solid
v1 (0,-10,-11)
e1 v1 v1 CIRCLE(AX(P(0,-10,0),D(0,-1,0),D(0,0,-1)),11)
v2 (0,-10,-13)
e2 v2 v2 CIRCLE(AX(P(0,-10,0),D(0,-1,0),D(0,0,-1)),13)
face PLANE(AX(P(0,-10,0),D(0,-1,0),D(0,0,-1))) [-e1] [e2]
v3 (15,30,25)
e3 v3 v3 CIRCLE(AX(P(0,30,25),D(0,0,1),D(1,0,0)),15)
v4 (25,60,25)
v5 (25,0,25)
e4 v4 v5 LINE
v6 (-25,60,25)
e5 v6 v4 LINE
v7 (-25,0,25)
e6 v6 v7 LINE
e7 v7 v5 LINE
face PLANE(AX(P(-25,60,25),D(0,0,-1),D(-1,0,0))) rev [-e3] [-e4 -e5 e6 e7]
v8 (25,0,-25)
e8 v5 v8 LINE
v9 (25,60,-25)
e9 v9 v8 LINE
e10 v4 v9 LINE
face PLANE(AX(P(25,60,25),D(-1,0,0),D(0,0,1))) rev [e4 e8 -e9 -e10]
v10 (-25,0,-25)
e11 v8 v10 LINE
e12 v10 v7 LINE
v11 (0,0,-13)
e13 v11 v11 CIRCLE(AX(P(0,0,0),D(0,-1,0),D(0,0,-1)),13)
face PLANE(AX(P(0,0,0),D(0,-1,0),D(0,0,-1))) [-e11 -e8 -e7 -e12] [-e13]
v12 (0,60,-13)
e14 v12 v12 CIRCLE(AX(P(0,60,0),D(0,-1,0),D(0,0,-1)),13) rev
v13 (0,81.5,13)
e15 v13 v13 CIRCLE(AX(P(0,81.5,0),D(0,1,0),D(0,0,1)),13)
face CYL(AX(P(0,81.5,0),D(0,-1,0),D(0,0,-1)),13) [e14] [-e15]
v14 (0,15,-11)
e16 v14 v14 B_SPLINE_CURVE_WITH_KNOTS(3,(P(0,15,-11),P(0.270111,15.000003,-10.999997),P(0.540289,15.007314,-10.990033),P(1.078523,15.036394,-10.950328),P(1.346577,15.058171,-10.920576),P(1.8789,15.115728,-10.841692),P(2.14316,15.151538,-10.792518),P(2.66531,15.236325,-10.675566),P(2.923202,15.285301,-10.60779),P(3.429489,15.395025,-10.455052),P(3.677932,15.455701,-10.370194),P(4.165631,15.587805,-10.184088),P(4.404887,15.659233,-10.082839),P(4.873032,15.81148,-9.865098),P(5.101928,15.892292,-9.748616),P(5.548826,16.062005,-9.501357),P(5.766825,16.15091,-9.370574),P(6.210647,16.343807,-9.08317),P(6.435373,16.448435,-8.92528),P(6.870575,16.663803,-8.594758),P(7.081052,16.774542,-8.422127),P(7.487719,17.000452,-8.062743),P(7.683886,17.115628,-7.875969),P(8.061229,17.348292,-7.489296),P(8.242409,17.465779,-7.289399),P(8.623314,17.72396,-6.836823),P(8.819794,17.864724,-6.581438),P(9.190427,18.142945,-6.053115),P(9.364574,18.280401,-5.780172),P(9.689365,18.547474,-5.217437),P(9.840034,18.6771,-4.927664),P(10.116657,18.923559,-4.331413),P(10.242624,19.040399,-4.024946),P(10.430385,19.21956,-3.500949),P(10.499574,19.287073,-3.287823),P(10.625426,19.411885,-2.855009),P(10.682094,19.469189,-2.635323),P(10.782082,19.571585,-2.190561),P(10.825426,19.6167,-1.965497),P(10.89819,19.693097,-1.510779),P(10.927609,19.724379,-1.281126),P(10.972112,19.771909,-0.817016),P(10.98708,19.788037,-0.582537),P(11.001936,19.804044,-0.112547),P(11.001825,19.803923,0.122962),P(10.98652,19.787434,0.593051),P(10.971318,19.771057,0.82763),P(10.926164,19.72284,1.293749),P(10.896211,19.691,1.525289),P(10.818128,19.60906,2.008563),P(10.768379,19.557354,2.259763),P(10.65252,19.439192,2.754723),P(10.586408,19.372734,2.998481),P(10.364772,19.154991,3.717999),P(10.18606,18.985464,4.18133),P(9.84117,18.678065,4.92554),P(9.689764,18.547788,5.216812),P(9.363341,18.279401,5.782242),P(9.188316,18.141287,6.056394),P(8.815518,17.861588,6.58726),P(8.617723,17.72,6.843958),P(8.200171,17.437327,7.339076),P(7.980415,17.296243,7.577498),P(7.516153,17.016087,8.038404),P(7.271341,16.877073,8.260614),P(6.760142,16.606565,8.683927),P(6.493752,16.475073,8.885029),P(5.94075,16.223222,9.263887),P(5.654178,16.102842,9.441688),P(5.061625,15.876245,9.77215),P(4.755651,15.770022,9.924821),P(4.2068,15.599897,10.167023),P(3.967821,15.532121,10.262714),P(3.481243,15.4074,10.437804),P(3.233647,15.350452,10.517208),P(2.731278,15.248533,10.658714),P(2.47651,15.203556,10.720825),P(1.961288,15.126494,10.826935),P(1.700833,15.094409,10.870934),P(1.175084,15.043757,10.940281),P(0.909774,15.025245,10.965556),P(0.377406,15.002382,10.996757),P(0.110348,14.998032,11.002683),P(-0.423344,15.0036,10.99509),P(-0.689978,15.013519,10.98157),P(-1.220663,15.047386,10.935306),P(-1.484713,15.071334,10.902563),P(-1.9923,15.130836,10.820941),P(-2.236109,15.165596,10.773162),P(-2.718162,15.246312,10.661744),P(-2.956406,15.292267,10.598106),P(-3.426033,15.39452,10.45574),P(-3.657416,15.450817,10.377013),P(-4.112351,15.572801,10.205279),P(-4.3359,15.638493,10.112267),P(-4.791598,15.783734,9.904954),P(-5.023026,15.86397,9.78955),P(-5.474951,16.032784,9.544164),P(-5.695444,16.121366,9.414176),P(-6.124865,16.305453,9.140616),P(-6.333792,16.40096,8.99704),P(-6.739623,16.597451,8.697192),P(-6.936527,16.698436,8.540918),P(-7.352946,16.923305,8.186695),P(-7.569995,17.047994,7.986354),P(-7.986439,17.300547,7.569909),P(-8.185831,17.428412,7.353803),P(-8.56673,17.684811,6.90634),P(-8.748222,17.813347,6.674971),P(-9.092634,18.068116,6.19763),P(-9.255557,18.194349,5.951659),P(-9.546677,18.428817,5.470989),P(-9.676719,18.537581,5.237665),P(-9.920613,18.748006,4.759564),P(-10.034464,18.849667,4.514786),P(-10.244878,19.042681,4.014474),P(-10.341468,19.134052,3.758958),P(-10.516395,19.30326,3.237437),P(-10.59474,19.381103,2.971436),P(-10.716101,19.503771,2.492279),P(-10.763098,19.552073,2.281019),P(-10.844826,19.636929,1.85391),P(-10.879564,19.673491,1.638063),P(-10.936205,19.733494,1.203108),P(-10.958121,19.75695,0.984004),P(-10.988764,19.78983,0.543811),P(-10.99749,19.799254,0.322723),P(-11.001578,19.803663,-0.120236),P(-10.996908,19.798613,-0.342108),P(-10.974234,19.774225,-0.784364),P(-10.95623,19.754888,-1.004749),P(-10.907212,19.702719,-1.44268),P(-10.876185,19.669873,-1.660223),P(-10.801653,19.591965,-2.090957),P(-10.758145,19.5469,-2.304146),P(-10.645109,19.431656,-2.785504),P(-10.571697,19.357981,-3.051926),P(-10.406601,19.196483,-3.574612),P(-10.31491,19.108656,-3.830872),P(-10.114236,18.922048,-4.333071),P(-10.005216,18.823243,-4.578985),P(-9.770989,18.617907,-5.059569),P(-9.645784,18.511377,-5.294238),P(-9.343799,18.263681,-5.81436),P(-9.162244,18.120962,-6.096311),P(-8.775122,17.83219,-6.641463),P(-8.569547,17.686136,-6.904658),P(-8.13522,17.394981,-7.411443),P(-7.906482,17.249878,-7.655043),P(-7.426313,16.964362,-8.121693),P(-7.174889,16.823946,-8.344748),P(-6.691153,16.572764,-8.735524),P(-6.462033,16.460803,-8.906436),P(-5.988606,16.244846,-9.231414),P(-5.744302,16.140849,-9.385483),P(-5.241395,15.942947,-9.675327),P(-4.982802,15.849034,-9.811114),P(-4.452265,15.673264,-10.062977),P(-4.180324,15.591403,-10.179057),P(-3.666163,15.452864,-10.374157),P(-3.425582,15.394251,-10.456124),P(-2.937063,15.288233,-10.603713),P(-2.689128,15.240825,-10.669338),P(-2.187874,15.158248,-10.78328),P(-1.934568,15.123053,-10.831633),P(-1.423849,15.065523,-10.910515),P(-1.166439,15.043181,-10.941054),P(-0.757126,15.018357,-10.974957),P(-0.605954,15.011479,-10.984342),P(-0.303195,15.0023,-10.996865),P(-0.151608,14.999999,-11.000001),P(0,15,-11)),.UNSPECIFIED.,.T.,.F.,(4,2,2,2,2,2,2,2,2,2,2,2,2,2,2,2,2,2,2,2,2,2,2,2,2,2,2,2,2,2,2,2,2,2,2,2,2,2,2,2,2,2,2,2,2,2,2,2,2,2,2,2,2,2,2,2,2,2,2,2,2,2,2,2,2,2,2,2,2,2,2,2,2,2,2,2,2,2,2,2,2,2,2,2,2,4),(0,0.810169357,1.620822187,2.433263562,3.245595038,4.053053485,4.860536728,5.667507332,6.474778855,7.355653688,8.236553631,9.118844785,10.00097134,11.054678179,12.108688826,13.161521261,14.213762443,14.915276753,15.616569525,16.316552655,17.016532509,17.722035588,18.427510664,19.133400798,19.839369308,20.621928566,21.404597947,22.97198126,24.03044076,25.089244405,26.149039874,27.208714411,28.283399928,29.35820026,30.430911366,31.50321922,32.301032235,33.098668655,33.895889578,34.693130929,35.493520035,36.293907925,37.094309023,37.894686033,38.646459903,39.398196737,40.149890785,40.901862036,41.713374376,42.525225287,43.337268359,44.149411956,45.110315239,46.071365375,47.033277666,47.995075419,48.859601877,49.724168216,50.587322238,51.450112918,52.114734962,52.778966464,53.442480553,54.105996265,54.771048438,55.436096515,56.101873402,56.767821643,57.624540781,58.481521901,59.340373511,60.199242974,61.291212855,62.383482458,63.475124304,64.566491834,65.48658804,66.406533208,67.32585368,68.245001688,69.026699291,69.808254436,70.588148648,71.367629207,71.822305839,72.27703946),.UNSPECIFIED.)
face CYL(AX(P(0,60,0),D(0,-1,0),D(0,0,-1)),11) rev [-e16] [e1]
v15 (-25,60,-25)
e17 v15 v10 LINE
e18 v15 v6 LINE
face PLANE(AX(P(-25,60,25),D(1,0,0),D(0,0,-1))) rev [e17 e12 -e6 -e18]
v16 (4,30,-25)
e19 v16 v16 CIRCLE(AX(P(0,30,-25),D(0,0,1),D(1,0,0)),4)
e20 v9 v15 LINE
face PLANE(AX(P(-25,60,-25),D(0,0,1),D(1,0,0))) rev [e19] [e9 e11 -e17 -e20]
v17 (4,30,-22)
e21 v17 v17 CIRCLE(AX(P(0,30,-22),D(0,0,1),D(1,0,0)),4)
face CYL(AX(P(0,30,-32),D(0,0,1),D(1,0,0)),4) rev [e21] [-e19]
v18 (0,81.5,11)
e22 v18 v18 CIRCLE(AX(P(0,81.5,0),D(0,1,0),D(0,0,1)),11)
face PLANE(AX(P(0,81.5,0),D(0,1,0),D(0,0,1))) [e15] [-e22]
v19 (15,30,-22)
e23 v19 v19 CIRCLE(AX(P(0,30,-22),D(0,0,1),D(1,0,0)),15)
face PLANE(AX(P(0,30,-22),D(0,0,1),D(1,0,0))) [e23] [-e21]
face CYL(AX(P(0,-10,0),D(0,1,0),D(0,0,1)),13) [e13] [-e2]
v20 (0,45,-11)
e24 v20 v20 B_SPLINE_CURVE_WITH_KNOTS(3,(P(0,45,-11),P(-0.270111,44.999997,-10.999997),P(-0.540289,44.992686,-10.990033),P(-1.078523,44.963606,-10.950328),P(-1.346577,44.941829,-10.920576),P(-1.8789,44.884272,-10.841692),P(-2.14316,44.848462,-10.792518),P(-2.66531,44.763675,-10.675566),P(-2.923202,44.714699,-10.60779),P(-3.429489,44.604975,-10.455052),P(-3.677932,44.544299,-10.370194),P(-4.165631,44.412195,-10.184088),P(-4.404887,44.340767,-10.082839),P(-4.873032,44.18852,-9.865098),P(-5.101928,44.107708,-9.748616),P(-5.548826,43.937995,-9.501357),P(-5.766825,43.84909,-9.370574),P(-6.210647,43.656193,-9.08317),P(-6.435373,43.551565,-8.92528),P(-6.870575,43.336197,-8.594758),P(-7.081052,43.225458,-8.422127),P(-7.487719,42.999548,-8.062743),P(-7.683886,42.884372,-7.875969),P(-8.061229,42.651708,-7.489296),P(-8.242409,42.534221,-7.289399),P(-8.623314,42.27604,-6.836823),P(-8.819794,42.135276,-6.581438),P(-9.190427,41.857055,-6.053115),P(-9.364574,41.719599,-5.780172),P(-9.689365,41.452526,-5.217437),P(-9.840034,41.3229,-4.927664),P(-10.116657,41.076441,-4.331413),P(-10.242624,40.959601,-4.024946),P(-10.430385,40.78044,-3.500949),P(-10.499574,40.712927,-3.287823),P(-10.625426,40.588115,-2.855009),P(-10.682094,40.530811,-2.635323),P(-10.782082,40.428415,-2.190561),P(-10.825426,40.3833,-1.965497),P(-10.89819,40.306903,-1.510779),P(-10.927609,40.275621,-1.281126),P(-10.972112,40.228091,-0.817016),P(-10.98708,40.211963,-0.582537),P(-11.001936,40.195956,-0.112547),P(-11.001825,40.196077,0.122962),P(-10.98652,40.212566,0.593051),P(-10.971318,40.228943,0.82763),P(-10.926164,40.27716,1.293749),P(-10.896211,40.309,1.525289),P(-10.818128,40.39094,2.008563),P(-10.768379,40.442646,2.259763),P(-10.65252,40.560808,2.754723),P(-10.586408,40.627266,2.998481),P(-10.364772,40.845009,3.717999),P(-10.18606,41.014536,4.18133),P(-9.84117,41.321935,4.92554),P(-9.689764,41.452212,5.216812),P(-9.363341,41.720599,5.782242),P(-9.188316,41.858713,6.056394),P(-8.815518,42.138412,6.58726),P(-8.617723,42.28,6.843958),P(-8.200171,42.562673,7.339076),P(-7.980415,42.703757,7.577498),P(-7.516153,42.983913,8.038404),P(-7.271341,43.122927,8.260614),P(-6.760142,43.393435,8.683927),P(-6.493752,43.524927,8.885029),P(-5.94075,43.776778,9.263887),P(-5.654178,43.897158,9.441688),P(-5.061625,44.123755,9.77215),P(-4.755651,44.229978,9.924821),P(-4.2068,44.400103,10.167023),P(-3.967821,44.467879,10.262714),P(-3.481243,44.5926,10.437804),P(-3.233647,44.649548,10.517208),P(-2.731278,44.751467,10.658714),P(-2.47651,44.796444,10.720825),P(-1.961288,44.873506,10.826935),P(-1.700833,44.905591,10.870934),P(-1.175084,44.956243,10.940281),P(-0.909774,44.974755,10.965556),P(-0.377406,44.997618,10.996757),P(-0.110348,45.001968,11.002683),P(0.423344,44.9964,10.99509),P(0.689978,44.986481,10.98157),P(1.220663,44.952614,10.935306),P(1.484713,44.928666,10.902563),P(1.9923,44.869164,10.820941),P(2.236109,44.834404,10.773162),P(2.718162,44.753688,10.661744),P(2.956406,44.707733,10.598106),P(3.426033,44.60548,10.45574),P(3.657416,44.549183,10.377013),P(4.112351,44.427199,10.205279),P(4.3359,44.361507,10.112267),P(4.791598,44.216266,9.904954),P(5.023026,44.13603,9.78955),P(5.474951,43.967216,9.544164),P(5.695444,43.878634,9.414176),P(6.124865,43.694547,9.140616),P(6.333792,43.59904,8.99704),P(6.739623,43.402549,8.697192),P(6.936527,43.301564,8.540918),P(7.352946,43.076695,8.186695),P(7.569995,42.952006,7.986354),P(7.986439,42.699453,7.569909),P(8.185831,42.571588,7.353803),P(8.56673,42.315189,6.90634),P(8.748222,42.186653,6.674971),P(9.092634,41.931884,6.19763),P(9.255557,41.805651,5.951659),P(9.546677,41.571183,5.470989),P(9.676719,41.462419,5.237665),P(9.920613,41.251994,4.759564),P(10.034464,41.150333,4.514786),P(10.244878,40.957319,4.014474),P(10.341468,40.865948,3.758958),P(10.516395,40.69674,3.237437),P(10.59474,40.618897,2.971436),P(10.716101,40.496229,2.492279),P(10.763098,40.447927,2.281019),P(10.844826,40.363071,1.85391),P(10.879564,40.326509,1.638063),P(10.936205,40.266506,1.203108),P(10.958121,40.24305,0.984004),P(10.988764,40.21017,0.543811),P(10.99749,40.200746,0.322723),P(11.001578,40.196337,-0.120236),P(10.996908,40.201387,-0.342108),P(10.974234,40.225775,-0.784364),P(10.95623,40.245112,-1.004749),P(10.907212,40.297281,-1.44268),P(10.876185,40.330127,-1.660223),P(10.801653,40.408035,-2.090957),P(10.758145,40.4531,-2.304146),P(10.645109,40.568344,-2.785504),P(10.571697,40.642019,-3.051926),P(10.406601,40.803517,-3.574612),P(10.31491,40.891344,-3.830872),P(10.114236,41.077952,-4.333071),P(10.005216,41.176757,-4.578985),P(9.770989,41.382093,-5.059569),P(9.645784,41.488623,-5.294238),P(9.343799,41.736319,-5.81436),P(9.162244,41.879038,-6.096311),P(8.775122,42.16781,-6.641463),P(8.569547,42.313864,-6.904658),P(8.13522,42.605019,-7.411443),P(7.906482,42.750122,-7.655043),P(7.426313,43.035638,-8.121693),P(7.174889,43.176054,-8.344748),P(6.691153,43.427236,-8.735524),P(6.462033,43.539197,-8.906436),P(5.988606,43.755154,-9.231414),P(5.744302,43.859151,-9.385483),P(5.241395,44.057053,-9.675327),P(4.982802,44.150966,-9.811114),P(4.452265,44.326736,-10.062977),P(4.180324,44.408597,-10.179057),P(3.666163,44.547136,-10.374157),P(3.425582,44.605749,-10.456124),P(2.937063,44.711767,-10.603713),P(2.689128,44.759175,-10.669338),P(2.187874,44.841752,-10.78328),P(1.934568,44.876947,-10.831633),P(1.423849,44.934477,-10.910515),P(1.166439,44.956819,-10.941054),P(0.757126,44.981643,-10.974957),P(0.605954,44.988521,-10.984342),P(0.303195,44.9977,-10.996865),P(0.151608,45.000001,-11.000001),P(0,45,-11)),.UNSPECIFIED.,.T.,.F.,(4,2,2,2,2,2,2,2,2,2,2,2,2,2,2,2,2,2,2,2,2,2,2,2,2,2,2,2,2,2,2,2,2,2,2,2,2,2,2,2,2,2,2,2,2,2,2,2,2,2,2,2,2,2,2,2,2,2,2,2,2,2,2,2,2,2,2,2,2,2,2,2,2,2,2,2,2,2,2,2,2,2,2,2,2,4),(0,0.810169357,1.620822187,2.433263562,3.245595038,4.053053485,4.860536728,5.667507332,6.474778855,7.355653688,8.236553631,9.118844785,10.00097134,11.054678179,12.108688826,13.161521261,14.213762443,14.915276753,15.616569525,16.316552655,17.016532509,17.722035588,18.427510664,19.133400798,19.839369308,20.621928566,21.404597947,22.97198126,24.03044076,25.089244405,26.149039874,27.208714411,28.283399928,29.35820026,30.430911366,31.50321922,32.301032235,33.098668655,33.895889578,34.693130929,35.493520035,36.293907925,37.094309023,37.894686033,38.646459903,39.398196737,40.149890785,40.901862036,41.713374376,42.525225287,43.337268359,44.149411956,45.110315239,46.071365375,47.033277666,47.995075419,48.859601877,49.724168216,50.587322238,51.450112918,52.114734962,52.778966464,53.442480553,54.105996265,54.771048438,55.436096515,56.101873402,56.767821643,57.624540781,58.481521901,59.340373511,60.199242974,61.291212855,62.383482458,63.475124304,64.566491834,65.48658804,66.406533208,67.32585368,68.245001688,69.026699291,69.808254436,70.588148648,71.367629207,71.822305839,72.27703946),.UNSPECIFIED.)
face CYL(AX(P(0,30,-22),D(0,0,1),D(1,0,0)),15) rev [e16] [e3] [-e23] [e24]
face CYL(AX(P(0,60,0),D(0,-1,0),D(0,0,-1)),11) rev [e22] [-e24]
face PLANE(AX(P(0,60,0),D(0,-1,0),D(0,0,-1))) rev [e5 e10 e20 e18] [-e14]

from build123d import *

# Parameters (mm, degrees)
CROQUIS1_W              = 50
CROQUIS1_H              = 50
CROQUIS1_R              = 11
SALIENTE_EXTRUIR1_DEPTH = 60
CROQUIS3_R              = 15
CORTAR_EXTRUIR1_DEPTH   = 47
CROQUIS4_R              = 4
CORTAR_EXTRUIR2_DEPTH   = 10
CROQUIS5_R              = 13
CROQUIS5_R_2            = 11
SALIENTE_EXTRUIR3_DEPTH = 21.5
CROQUIS7_R              = 13
CROQUIS7_R_2            = 11
SALIENTE_EXTRUIR4_DEPTH = 10


with BuildPart() as part:
    # Croquis1 → Saliente-Extruir1 (new body)
    with BuildSketch(Plane(origin=(0, 0, 0), x_dir=(1, 0, 0), z_dir=(0, 1, 0))):
        Rectangle(CROQUIS1_W, CROQUIS1_H)
        Circle(CROQUIS1_R, mode=Mode.SUBTRACT)
    extrude(amount=SALIENTE_EXTRUIR1_DEPTH)

    # Croquis3 → Cortar-Extruir1 (cut)
    with BuildSketch(Plane.XY.offset(25)):
        with Locations((0, 30)):
            Circle(CROQUIS3_R)
    extrude(amount=-CORTAR_EXTRUIR1_DEPTH, mode=Mode.SUBTRACT)

    # Croquis4 → Cortar-Extruir2 (cut)
    with BuildSketch(Plane.XY.offset(-22)):
        with Locations((0, 30)):
            Circle(CROQUIS4_R)
    extrude(amount=-CORTAR_EXTRUIR2_DEPTH, mode=Mode.SUBTRACT)

    # Croquis5 → Saliente-Extruir3 (add)
    with BuildSketch(Plane(origin=(0, 60, 0), x_dir=(1, 0, 0), z_dir=(0, 1, 0))):
        Circle(CROQUIS5_R)
        Circle(CROQUIS5_R_2, mode=Mode.SUBTRACT)
    extrude(amount=SALIENTE_EXTRUIR3_DEPTH)

    # Croquis7 → Saliente-Extruir4 (add)
    with BuildSketch(Plane.XZ):
        Circle(CROQUIS7_R)
        Circle(CROQUIS7_R_2, mode=Mode.SUBTRACT)
    extrude(amount=SALIENTE_EXTRUIR4_DEPTH)


solid = part.part
